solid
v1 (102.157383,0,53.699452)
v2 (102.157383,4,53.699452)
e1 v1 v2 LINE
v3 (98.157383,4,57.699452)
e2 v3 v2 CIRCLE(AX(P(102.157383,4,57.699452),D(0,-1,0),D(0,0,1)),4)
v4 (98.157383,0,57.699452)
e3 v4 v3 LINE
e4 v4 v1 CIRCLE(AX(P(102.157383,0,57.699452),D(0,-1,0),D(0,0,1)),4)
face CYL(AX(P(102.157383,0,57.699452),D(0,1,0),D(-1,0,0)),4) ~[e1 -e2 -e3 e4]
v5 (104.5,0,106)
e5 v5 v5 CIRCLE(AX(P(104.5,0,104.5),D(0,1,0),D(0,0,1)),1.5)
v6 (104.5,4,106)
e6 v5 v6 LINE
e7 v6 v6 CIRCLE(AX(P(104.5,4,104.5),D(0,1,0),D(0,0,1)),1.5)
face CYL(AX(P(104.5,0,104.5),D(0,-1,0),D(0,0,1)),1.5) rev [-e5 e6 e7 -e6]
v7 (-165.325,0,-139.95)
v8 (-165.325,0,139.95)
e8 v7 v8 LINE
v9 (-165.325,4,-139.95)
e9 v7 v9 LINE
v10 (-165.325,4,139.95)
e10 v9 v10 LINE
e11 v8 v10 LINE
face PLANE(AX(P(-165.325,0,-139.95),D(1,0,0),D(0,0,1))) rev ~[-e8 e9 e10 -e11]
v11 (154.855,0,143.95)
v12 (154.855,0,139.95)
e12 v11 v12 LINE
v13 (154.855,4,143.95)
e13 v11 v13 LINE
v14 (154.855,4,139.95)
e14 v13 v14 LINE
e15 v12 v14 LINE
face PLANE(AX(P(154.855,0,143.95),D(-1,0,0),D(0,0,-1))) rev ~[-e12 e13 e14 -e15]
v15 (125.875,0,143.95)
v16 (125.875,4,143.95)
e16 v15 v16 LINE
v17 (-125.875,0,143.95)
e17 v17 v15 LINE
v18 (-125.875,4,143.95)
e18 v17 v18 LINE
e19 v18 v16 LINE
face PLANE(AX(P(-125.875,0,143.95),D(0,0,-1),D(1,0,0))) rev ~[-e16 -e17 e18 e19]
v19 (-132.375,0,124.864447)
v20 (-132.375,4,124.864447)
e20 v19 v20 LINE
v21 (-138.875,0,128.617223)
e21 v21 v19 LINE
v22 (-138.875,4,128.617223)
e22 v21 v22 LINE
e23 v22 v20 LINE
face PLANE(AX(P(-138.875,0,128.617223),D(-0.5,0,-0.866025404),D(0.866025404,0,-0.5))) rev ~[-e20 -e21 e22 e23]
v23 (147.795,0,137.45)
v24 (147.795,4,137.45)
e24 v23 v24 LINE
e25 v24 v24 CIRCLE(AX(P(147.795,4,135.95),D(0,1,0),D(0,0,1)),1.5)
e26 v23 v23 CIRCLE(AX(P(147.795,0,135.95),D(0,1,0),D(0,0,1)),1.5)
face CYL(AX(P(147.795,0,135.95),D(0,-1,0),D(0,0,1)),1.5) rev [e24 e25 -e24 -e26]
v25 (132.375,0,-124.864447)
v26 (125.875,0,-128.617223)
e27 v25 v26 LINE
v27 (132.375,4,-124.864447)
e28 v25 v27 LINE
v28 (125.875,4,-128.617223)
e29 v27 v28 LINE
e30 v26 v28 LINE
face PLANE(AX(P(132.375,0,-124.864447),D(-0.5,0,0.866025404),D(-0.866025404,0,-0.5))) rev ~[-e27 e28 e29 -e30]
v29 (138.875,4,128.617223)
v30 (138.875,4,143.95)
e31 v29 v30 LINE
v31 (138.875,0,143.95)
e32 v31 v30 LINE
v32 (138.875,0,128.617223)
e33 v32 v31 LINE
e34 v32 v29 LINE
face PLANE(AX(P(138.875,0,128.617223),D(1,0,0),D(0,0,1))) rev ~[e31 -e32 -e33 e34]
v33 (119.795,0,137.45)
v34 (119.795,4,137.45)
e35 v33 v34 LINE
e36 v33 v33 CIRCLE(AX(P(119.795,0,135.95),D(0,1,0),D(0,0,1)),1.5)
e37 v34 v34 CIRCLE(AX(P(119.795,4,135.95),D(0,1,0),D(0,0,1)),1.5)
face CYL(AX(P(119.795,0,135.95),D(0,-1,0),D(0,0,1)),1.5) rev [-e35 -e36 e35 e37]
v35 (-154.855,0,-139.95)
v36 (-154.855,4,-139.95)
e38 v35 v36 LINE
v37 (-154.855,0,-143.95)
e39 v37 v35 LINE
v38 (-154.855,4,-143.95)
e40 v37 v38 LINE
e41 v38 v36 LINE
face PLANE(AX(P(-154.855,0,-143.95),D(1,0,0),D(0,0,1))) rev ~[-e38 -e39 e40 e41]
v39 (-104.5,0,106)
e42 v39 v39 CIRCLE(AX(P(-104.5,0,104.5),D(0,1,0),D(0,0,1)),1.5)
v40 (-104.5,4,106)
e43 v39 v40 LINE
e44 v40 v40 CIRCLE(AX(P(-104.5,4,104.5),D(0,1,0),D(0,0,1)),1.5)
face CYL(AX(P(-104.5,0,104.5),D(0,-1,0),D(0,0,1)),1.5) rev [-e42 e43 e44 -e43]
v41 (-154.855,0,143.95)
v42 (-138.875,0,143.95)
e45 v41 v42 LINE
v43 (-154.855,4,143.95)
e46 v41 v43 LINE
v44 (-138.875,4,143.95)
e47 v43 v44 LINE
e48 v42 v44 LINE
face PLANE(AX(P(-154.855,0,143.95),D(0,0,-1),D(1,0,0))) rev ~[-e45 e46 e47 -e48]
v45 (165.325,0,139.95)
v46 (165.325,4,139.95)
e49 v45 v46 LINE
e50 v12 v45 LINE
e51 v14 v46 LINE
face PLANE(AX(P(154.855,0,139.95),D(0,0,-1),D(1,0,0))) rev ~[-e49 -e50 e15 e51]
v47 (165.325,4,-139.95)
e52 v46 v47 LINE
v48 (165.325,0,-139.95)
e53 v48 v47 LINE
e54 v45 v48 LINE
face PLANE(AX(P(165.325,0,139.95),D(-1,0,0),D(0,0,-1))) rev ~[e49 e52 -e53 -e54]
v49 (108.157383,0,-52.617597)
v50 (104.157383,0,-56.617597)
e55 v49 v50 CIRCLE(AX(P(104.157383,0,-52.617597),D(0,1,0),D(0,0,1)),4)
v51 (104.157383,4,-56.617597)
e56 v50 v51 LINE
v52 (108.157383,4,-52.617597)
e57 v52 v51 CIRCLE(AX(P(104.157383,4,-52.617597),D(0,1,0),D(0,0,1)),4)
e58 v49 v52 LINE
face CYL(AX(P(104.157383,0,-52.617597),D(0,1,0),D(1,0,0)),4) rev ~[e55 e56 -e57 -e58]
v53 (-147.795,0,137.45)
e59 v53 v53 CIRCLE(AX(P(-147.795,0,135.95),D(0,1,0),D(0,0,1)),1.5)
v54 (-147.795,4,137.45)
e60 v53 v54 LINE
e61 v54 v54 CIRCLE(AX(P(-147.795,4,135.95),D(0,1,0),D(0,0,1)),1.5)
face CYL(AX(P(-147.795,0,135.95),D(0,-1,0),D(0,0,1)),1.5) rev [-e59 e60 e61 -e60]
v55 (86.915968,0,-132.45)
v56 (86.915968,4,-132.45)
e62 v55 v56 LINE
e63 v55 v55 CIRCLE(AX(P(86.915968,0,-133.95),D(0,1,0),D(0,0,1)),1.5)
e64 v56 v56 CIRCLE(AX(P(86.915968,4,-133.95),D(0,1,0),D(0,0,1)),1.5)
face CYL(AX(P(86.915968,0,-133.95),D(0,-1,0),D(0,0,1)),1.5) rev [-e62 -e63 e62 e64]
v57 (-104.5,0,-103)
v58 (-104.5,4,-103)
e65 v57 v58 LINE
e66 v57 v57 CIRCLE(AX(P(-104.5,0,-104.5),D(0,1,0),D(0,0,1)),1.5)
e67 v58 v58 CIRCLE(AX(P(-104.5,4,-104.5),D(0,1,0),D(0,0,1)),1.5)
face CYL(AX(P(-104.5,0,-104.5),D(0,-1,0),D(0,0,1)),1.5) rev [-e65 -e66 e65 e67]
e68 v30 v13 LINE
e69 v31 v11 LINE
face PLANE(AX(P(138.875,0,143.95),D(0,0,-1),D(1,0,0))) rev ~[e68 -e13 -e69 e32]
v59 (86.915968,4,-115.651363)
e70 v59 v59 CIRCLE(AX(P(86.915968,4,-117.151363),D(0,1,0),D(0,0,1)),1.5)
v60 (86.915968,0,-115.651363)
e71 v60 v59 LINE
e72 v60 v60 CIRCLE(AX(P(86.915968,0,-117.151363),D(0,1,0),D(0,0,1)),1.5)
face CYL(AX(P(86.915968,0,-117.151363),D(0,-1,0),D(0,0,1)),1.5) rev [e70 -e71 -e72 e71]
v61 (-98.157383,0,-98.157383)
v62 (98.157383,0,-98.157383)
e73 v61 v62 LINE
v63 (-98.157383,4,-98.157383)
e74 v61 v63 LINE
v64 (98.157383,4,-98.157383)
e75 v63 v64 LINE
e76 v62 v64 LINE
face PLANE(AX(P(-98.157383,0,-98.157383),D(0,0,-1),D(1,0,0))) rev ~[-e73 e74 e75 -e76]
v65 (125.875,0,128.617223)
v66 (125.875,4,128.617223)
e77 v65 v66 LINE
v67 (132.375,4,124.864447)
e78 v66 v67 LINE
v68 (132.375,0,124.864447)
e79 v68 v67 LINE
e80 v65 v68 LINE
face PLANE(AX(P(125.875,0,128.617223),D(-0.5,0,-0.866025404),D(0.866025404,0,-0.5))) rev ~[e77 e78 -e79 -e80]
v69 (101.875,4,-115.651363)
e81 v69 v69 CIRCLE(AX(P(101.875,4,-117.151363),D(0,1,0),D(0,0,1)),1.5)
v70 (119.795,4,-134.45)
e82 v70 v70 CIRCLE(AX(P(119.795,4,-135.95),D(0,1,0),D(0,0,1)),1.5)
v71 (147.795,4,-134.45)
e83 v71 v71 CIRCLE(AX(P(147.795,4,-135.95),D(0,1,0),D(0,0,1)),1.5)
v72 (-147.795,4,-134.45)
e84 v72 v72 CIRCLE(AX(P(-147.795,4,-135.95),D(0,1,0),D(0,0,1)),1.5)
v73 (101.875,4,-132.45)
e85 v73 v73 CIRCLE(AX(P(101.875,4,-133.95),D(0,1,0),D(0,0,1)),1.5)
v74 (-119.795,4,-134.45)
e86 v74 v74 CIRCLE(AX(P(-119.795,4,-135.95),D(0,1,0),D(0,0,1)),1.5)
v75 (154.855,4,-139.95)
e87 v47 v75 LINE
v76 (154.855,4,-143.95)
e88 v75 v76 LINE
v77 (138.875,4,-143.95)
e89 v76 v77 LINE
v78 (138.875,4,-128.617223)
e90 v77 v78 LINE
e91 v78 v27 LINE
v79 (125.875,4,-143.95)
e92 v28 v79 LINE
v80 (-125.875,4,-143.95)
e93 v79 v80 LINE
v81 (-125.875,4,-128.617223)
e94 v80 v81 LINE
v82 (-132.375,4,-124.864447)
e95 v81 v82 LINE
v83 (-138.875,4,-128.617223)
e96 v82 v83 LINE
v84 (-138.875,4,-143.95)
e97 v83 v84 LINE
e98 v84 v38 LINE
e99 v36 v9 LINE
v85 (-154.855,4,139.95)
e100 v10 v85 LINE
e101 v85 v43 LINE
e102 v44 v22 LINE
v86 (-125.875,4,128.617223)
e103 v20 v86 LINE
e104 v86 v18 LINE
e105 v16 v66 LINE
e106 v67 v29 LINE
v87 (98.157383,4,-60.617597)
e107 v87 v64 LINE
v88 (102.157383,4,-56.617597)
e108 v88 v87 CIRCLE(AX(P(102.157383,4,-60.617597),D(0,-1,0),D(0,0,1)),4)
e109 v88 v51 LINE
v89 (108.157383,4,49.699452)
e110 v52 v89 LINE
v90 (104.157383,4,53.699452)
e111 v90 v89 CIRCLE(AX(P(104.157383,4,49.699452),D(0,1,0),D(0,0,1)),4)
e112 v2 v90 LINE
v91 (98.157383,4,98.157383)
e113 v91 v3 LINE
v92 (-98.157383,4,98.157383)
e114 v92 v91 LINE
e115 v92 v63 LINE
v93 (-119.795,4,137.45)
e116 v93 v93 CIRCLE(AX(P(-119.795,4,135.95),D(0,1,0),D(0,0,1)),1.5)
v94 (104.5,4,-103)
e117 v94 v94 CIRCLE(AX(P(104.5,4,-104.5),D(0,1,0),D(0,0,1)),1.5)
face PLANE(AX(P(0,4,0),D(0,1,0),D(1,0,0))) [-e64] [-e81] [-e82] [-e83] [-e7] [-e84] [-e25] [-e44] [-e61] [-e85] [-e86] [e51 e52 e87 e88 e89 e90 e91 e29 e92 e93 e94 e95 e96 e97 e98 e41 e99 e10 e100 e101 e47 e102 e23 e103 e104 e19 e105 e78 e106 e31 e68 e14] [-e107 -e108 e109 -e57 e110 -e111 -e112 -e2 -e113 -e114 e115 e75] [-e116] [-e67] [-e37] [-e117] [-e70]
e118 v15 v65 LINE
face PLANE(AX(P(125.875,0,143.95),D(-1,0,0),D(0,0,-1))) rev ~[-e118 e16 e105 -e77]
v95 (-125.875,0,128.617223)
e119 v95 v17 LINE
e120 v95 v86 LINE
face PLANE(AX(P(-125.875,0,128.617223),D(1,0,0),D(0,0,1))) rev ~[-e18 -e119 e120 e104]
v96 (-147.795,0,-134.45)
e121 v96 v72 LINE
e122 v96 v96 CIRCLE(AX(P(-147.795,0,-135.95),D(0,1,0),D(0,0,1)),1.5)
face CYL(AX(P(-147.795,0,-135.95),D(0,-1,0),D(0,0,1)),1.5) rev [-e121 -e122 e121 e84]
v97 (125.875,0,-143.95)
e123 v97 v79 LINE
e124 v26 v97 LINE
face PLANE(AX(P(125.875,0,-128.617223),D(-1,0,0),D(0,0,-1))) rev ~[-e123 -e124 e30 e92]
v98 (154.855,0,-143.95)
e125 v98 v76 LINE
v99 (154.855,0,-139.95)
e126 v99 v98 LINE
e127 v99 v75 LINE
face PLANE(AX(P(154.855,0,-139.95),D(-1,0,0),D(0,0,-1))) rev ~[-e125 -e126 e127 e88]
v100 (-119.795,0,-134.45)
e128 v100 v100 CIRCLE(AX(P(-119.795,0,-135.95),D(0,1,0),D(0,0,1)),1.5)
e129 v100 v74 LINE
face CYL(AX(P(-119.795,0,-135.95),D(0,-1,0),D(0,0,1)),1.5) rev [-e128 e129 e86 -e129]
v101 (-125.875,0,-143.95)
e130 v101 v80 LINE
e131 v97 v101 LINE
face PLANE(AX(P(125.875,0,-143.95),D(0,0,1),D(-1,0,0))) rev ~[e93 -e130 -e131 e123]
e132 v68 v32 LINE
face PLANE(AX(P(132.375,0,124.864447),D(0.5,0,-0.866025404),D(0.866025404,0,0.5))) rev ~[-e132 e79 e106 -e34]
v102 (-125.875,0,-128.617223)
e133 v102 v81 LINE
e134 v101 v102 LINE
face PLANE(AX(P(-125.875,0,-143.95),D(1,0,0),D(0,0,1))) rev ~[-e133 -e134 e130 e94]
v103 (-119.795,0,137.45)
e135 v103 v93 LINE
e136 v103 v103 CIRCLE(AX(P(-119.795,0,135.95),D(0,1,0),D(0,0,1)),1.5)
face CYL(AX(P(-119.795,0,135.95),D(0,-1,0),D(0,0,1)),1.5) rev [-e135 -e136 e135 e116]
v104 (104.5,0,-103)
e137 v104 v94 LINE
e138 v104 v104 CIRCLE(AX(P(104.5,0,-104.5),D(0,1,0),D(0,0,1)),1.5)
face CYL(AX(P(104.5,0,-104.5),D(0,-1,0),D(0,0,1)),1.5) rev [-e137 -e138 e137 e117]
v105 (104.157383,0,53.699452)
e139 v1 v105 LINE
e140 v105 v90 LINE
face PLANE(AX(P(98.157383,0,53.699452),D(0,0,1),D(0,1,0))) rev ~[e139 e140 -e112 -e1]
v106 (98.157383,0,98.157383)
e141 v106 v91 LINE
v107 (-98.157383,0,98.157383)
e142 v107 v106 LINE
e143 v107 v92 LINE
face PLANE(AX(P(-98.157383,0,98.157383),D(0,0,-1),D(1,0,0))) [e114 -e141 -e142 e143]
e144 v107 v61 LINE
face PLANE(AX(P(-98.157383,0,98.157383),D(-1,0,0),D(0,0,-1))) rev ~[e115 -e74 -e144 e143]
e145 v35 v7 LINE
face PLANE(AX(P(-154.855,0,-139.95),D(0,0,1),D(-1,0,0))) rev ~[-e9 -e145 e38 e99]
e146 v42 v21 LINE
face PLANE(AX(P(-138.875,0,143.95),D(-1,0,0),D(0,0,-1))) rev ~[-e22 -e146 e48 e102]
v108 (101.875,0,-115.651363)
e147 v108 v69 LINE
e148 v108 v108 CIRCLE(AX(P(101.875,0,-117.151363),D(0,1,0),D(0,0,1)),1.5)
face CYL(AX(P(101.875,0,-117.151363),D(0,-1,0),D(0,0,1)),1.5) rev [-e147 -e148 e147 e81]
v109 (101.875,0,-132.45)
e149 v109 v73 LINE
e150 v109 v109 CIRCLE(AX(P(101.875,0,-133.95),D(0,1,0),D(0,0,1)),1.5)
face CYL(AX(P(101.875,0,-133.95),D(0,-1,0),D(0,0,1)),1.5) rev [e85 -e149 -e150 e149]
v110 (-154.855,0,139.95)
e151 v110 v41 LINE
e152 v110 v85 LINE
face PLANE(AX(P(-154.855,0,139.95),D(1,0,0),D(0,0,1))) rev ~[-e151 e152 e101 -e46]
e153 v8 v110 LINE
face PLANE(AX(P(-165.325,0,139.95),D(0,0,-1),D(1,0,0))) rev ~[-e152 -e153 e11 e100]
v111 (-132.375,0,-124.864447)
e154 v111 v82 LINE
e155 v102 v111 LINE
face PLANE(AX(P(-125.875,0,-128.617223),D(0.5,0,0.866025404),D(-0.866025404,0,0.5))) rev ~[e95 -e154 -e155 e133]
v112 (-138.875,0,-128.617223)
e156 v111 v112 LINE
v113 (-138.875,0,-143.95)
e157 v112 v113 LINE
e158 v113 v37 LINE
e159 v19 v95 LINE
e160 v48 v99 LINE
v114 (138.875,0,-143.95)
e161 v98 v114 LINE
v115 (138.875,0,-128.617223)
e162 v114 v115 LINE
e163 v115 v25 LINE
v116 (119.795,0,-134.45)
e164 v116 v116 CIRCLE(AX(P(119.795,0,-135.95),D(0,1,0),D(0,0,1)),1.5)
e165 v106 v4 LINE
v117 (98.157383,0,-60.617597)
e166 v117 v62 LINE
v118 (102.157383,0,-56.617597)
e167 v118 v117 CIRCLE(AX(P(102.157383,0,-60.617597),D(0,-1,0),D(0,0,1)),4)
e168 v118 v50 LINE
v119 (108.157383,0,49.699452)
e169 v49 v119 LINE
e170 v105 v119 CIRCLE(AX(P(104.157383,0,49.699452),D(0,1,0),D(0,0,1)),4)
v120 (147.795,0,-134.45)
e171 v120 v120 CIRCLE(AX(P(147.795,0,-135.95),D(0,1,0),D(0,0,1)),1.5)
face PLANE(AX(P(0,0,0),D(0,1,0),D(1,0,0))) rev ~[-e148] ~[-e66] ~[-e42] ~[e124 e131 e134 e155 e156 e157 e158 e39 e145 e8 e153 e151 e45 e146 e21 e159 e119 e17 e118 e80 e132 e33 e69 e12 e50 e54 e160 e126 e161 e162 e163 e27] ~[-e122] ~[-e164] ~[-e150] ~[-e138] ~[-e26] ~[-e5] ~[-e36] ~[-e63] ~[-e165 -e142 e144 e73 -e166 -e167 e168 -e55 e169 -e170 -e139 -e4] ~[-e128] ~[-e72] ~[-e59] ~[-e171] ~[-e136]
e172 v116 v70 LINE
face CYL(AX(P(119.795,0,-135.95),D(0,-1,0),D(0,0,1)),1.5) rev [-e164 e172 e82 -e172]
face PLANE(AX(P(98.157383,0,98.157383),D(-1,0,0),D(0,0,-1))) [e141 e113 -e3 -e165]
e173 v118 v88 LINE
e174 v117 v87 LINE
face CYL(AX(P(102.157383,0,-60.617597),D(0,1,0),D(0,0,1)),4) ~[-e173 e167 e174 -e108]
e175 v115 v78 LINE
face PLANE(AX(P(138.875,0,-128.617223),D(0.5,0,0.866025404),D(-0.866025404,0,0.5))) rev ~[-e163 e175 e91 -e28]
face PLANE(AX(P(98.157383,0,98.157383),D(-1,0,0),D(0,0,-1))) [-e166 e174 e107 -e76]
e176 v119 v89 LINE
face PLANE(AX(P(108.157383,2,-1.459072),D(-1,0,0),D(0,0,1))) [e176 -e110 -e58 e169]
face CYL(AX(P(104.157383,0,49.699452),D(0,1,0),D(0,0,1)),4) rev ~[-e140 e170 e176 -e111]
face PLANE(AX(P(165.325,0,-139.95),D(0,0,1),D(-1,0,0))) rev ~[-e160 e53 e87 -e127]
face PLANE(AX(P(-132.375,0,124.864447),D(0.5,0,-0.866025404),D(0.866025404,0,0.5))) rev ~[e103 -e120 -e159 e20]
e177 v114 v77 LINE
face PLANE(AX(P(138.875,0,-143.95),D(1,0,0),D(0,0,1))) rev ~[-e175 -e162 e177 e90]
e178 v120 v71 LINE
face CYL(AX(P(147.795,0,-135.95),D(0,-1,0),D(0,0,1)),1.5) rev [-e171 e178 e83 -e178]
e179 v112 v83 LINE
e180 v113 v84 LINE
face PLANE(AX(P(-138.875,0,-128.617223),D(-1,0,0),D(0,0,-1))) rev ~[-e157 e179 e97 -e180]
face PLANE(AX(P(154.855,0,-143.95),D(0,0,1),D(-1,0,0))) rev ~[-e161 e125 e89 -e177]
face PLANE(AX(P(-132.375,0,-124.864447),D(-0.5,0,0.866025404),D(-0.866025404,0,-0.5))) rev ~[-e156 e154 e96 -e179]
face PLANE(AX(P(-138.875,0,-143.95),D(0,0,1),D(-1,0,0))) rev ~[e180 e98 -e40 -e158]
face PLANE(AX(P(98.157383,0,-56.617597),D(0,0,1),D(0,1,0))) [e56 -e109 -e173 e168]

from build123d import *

# Parameters (mm, degrees)
SKETCH1_R           = 1.5
SKETCH1_W           = 196.314766664
SKETCH1_H           = 196.314766664
BOSS_EXTRUDE1_DEPTH = 4
SKETCH7_W           = 110.317049386
SKETCH7_H           = 4
CUT_EXTRUDE1_DEPTH  = 10
FILLET1_R           = 4


with BuildPart() as part:
    # Sketch1 → Boss-Extrude1 (new body)
    with BuildSketch(Plane(origin=(0, 0, 0), x_dir=(1, 0, 0), z_dir=(0, 1, 0))):
        Polygon((154.855, -139.95), (165.325, -139.95), (165.325, 139.95), (154.855, 139.95), (154.855, 143.95), (138.875, 143.95), (138.875, 128.61722325), (132.375, 124.864446501), (125.875, 128.61722325), (125.875, 143.95), (-125.875, 143.95), (-125.875, 128.61722325), (-132.375, 124.864446501), (-138.875, 128.61722325), (-138.875, 143.95), (-154.855, 143.95), (-154.855, 139.95), (-165.325, 139.95), (-165.325, -139.95), (-154.855, -139.95), (-154.855, -143.95), (-138.875, -143.95), (-138.875, -128.61722325), (-132.375, -124.864446501), (-125.875, -128.61722325), (-125.875, -143.95), (125.875, -143.95), (125.875, -128.61722325), (132.375, -124.864446501), (138.875, -128.61722325), (138.875, -143.95), (154.855, -143.95), align=None)
        with Locations((-147.795, -135.95)):
            Circle(SKETCH1_R, mode=Mode.SUBTRACT)
        with Locations((-119.795, -135.95)):
            Circle(SKETCH1_R, mode=Mode.SUBTRACT)
        with Locations((-104.5, -104.5)):
            Circle(SKETCH1_R, mode=Mode.SUBTRACT)
        with Locations((119.795, -135.95)):
            Circle(SKETCH1_R, mode=Mode.SUBTRACT)
        with Locations((147.795, -135.95)):
            Circle(SKETCH1_R, mode=Mode.SUBTRACT)
        with Locations((104.5, -104.5)):
            Circle(SKETCH1_R, mode=Mode.SUBTRACT)
        with Locations((-104.5, 104.5)):
            Circle(SKETCH1_R, mode=Mode.SUBTRACT)
        with Locations((-147.795, 135.95)):
            Circle(SKETCH1_R, mode=Mode.SUBTRACT)
        with Locations((-119.795, 135.95)):
            Circle(SKETCH1_R, mode=Mode.SUBTRACT)
        Rectangle(SKETCH1_W, SKETCH1_H, mode=Mode.SUBTRACT)
        with Locations((104.5, 104.5)):
            Circle(SKETCH1_R, mode=Mode.SUBTRACT)
        with Locations((86.915968312, 117.1513625)):
            Circle(SKETCH1_R, mode=Mode.SUBTRACT)
        with Locations((101.875, 117.1513625)):
            Circle(SKETCH1_R, mode=Mode.SUBTRACT)
        with Locations((86.915968312, 133.95)):
            Circle(SKETCH1_R, mode=Mode.SUBTRACT)
        with Locations((101.875, 133.95)):
            Circle(SKETCH1_R, mode=Mode.SUBTRACT)
        with Locations((119.795, 135.95)):
            Circle(SKETCH1_R, mode=Mode.SUBTRACT)
        with Locations((147.795, 135.95)):
            Circle(SKETCH1_R, mode=Mode.SUBTRACT)
    extrude(amount=BOSS_EXTRUDE1_DEPTH)

    # Sketch7 → Cut-Extrude1 (cut)
    with BuildSketch(Plane.ZY.offset(-98.157383332)):
        with Locations((-1.45907227, 2)):
            Rectangle(SKETCH7_W, SKETCH7_H)
    extrude(amount=-CUT_EXTRUDE1_DEPTH, mode=Mode.SUBTRACT)

    # Fillet1
    fillet1_edges = [part.edges().sort_by_distance(p)[0] for p in [
        (108.157383332, 2, -56.617596963),
        (98.157383332, 2, -56.617596963),
        (108.157383332, 2, 53.699452423),
        (98.157383332, 2, 53.699452423),
    ]]
    fillet(fillet1_edges, radius=FILLET1_R)


solid = part.part
